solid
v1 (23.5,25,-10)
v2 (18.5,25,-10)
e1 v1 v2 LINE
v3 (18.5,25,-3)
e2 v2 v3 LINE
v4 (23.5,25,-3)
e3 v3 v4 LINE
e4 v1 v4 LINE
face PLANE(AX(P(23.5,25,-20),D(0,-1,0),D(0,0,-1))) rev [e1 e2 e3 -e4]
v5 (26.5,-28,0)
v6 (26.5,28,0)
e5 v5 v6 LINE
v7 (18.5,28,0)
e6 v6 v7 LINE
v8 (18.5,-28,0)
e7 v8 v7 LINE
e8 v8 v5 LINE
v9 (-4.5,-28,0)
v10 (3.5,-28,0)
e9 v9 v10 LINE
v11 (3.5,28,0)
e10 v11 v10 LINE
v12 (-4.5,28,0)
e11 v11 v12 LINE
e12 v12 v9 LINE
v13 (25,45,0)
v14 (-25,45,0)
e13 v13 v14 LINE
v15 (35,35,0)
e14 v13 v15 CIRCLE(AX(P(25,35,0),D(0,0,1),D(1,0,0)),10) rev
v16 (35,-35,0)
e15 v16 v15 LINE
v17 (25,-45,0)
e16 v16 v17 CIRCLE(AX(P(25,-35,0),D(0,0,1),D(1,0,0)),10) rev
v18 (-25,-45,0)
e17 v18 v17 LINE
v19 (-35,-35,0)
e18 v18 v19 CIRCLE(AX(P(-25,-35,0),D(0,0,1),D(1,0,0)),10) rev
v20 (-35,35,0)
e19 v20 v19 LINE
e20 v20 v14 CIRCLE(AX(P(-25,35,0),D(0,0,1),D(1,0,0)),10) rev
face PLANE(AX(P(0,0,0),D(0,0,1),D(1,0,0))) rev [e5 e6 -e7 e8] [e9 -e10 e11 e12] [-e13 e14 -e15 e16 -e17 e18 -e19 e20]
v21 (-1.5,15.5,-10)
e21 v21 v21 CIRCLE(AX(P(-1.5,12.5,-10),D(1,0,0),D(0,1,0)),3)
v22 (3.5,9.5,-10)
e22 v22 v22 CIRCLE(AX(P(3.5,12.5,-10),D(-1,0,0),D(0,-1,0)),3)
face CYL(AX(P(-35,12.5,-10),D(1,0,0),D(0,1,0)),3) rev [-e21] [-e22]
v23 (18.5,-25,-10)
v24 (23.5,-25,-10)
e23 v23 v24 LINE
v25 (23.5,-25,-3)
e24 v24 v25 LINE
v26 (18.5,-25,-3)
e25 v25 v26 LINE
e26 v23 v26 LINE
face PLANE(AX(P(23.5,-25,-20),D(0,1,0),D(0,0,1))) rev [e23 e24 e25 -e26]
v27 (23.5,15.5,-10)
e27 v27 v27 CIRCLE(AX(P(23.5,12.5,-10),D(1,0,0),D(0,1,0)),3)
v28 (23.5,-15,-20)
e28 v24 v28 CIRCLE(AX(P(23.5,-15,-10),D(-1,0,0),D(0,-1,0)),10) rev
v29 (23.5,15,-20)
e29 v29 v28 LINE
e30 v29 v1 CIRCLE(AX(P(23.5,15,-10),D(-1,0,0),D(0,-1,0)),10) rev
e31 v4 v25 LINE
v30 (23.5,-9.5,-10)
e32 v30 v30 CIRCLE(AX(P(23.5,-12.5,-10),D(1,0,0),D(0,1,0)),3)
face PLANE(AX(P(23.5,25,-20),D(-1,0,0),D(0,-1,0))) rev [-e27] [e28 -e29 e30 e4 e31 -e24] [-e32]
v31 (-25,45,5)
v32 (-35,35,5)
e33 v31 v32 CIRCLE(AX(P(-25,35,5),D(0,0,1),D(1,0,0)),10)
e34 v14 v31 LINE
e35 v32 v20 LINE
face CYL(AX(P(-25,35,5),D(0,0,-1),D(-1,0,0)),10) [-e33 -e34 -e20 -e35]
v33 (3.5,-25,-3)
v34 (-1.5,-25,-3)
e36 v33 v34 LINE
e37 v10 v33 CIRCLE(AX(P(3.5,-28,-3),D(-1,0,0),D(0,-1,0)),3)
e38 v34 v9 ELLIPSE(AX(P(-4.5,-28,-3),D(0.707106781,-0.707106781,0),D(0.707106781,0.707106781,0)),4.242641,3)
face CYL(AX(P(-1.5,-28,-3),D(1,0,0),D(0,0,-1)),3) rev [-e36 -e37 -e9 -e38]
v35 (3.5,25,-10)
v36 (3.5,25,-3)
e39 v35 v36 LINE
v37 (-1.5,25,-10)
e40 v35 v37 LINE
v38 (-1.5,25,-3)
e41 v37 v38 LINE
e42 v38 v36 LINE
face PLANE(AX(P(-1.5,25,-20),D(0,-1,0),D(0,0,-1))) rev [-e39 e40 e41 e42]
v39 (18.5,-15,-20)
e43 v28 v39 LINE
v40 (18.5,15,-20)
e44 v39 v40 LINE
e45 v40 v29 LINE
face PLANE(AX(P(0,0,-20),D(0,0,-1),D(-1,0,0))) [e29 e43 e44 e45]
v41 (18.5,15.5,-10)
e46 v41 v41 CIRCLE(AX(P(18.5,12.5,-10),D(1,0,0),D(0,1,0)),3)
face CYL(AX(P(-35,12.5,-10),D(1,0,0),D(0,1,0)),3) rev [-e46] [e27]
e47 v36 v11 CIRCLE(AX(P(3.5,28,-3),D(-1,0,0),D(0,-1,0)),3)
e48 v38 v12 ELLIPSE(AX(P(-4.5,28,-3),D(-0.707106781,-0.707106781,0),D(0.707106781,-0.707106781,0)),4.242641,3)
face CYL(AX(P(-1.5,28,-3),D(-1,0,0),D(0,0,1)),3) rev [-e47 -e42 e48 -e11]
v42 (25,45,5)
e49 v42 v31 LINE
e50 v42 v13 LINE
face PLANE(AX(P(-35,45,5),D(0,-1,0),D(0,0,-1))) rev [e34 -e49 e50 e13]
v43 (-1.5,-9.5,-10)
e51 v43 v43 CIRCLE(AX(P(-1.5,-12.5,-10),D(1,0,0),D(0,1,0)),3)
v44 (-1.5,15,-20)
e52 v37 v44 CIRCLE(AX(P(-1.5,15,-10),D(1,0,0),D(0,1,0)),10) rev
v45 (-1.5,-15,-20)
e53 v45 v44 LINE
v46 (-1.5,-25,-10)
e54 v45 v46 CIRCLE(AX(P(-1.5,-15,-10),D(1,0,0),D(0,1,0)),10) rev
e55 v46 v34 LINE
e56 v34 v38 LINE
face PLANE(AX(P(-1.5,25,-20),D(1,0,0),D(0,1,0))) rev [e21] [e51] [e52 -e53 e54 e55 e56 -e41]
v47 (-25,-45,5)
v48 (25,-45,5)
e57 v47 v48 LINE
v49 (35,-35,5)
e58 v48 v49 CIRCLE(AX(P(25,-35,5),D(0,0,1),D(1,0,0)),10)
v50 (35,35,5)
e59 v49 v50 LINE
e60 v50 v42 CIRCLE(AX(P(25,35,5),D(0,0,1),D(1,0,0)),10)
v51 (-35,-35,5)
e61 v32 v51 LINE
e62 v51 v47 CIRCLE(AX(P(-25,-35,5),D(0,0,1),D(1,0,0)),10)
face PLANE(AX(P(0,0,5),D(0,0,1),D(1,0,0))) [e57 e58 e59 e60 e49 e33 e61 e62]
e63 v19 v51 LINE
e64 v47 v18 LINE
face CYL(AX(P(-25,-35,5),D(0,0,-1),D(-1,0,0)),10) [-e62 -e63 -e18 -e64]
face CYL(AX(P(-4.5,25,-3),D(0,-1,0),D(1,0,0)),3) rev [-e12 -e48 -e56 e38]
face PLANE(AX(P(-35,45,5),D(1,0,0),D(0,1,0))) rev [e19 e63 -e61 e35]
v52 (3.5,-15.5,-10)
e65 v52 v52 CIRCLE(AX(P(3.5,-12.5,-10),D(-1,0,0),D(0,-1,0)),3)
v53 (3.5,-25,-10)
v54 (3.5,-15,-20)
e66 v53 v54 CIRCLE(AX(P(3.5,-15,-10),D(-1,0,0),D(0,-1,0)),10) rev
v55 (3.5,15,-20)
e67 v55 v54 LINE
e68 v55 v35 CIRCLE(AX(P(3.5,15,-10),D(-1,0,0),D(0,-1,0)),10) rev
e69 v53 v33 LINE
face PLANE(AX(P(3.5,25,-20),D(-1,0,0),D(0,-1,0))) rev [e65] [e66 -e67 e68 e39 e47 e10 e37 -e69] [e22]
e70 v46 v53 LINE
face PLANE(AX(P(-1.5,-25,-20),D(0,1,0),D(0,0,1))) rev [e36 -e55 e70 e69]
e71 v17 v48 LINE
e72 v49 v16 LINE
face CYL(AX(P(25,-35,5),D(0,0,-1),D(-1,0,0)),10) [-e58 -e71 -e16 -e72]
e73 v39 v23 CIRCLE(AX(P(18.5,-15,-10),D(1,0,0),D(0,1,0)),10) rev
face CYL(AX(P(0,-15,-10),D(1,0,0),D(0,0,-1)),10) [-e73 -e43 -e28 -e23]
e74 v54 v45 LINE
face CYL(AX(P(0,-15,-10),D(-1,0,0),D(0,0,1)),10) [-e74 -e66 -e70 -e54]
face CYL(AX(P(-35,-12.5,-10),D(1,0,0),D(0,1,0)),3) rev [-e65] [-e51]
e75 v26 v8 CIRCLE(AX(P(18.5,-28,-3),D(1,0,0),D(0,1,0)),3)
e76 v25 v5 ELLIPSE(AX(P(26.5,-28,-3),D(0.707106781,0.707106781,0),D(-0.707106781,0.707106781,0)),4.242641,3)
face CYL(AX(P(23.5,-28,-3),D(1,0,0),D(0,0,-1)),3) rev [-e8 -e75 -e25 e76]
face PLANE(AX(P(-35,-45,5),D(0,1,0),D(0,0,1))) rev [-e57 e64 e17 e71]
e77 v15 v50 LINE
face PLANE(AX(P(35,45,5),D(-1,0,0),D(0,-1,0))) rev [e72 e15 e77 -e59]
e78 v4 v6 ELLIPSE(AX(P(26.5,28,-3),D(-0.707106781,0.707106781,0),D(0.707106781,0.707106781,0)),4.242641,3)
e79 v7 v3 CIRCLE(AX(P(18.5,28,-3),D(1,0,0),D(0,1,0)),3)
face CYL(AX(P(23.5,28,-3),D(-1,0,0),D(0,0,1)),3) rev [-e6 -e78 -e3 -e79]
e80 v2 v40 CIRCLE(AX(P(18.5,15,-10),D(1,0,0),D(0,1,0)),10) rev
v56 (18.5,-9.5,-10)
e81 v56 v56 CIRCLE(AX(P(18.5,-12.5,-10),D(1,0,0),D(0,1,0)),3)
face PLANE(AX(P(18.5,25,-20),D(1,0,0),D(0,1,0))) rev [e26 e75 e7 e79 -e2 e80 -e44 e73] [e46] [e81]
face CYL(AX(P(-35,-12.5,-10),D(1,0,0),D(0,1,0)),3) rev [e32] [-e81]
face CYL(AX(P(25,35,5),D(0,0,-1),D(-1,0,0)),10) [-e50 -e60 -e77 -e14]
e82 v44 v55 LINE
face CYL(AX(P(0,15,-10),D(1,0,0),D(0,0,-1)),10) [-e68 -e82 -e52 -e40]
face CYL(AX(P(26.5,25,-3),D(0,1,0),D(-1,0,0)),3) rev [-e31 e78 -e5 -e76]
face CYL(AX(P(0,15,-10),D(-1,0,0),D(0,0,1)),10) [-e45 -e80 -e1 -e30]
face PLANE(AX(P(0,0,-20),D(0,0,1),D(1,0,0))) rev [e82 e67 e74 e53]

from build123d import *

# Parameters (mm, degrees)
SKETCH1_W           = 70
SKETCH1_H           = 90
BOSS_EXTRUDE1_DEPTH = 5
SKETCH3_W           = 5
SKETCH3_H           = 50
BOSS_EXTRUDE2_DEPTH = 20
SKETCH4_R           = 3
CUT_EXTRUDE1_DEPTH  = 59.5
FILLET1_R           = 3
FILLET2_R           = 10
FILLET3_R           = 10


with BuildPart() as part:
    # Sketch1 → Boss-Extrude1 (new body)
    with BuildSketch(Plane.XY):
        Rectangle(SKETCH1_W, SKETCH1_H)
    extrude(amount=BOSS_EXTRUDE1_DEPTH)

    # Sketch3 → Boss-Extrude2 (add)
    with BuildSketch(Plane(origin=(0, 0, 0), x_dir=(-1, 0, 0), z_dir=(0, 0, -1))):
        with Locations((-1, 0)):
            Rectangle(SKETCH3_W, SKETCH3_H)
        with Locations((-21, 0)):
            Rectangle(SKETCH3_W, SKETCH3_H)
    extrude(amount=BOSS_EXTRUDE2_DEPTH)

    # Sketch4 → Cut-Extrude1 (cut, through all)
    with BuildSketch(Plane(origin=(23.5, 0, 0), x_dir=(0, 0, -1), z_dir=(1, 0, 0))):
        with Locations((10, 12.5)):
            Circle(SKETCH4_R)
        with Locations((10, -12.5)):
            Circle(SKETCH4_R)
    extrude(amount=-CUT_EXTRUDE1_DEPTH, mode=Mode.SUBTRACT)

    # Fillet1
    fillet1_edges = [part.edges().sort_by_distance(p)[0] for p in [
        (21, 25, 0),
        (23.5, 0, 0),
        (21, -25, 0),
        (-1.5, 0, 0),
        (1, 25, 0),
        (1, -25, 0),
    ]]
    fillet(fillet1_edges, radius=FILLET1_R)

    # Fillet2
    fillet2_edges = [part.edges().sort_by_distance(p)[0] for p in [
        (21, 25, -20),
        (21, -25, -20),
        (1, 25, -20),
        (1, -25, -20),
    ]]
    fillet(fillet2_edges, radius=FILLET2_R)

    # Fillet3
    fillet3_edges = [part.edges().sort_by_distance(p)[0] for p in [
        (35, -45, 2.5),
        (-35, -45, 2.5),
        (-35, 45, 2.5),
        (35, 45, 2.5),
    ]]
    fillet(fillet3_edges, radius=FILLET3_R)


solid = part.part
